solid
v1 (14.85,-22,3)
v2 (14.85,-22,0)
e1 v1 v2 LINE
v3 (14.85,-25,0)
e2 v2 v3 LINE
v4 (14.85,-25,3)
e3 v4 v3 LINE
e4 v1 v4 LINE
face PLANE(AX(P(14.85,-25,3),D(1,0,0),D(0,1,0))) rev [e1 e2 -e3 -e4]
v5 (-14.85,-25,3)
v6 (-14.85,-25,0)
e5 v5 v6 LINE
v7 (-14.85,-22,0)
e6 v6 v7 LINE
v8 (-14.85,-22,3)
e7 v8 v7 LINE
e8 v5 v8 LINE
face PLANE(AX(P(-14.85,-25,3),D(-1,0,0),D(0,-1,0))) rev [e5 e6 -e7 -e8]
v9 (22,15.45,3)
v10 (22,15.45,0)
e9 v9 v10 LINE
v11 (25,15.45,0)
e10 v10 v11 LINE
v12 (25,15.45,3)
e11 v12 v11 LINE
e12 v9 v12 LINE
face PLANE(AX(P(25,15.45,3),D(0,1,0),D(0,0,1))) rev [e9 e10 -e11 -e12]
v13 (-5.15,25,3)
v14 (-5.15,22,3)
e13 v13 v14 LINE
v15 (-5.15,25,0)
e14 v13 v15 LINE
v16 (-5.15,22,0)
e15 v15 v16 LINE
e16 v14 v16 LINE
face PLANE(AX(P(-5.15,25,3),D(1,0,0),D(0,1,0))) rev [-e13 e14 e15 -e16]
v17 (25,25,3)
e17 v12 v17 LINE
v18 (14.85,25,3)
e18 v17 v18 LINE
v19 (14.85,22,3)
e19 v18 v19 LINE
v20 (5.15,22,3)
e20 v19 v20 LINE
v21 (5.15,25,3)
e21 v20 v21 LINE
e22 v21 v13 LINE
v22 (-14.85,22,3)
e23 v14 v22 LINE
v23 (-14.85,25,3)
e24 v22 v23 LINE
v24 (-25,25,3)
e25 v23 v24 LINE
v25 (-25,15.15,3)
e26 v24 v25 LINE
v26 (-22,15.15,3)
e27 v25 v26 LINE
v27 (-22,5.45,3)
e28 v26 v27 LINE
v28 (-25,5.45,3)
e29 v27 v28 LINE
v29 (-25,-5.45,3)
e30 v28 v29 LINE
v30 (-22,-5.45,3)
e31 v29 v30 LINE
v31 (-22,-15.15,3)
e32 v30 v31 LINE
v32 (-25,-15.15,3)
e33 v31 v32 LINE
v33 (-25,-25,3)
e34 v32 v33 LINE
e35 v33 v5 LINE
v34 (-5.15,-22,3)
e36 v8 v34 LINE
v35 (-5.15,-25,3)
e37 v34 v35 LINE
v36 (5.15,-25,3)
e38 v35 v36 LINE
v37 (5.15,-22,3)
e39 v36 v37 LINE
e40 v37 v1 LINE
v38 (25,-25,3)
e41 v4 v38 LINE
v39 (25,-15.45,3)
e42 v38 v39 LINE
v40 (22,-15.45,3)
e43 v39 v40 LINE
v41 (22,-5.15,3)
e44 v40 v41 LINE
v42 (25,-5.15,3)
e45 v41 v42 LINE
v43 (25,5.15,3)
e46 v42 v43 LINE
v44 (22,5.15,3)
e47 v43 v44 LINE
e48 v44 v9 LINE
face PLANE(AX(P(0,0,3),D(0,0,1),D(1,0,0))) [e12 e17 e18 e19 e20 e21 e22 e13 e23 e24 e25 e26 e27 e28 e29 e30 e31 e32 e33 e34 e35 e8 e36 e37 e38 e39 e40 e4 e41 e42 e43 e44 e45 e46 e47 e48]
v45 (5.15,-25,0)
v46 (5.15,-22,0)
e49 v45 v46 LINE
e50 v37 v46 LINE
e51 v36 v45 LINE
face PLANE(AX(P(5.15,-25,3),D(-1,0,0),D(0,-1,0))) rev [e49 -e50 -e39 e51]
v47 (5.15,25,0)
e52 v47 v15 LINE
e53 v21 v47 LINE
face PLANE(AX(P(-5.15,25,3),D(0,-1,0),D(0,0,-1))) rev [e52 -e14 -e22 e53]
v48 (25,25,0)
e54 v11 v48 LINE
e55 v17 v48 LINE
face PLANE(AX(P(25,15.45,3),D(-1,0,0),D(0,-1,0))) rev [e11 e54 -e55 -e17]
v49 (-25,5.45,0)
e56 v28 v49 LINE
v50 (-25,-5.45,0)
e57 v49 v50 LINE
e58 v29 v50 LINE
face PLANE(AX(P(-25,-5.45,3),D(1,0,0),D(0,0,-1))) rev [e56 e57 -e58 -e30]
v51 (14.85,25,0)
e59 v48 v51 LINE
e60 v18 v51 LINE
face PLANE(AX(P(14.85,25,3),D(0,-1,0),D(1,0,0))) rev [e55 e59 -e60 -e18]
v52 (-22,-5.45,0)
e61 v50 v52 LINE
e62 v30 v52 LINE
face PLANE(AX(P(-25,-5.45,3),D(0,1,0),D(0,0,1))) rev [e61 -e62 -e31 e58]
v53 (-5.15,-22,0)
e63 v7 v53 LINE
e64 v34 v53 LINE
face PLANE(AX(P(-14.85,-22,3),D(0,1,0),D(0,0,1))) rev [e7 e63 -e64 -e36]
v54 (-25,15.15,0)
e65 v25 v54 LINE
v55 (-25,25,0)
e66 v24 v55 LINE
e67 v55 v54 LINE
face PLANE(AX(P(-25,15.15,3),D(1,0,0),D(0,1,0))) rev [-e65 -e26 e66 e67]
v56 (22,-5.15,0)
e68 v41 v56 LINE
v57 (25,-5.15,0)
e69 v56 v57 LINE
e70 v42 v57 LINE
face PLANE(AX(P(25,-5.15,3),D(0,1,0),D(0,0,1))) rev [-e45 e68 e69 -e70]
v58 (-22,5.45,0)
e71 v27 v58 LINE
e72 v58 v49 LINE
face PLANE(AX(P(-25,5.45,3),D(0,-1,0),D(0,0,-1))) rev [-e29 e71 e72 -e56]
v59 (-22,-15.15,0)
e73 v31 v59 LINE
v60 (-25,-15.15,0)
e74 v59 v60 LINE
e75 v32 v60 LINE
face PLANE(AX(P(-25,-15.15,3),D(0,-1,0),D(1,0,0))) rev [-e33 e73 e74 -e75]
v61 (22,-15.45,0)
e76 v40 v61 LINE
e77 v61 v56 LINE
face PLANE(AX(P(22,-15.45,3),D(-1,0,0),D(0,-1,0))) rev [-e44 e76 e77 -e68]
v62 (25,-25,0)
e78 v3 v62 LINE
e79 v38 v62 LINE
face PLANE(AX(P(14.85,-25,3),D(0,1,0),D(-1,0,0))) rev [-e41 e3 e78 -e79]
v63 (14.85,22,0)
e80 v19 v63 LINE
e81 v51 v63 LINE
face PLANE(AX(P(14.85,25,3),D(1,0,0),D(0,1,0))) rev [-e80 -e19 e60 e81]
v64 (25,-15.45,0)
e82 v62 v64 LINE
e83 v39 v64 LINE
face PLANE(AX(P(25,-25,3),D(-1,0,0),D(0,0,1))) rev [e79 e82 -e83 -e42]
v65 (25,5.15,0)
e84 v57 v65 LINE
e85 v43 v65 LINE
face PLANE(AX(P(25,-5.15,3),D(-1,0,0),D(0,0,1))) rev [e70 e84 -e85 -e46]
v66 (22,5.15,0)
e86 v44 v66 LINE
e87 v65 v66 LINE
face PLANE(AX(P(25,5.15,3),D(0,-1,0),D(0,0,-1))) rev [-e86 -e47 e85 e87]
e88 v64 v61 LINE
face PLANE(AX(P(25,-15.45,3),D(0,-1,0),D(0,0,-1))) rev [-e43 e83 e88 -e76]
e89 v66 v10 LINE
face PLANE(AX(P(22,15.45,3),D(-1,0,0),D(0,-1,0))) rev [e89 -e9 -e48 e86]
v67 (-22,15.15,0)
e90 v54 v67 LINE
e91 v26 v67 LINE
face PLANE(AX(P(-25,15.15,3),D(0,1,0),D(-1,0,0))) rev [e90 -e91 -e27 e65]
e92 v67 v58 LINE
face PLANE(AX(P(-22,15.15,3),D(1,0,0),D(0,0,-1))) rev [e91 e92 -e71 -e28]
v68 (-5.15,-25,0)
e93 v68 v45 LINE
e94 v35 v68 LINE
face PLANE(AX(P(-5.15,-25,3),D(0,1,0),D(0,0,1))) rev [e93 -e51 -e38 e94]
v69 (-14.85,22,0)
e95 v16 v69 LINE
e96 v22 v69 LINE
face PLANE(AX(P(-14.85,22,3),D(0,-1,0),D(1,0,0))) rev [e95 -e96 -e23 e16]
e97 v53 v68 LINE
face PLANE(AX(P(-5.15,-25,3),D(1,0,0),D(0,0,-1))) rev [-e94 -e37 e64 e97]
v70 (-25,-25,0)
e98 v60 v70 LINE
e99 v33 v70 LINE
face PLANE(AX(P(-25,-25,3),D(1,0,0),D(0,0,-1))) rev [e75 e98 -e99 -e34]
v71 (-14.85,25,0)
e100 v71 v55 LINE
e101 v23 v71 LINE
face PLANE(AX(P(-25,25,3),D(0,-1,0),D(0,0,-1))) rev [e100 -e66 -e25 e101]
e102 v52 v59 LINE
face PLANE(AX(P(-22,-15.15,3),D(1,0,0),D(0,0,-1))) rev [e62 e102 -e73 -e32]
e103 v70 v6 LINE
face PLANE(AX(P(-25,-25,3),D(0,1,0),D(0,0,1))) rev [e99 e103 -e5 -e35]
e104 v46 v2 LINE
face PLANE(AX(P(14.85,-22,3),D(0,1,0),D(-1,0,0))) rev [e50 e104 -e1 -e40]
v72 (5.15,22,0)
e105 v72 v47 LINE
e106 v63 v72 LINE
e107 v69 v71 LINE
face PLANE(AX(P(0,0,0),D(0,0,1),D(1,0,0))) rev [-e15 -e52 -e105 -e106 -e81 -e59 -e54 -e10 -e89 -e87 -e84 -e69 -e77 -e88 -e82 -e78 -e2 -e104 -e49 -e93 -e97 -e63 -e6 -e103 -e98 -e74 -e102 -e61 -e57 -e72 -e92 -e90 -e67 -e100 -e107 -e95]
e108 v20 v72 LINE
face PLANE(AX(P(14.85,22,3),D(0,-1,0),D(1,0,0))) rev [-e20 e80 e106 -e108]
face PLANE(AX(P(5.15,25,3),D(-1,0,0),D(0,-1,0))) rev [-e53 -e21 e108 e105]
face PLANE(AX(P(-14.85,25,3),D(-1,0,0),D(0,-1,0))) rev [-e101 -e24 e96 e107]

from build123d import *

# Parameters (mm, degrees)
SALIENTE_EXTRUIR1_DEPTH = 3


with BuildPart() as part:
    # Croquis1 → Saliente-Extruir1 (new body)
    with BuildSketch(Plane.XY):
        Polygon((-25, -25), (-14.85, -25), (-14.85, -22), (-5.15, -22), (-5.15, -25), (5.15, -25), (5.15, -22), (14.85, -22), (14.85, -25), (25, -25), (25, -15.45), (22, -15.45), (22, -5.15), (25, -5.15), (25, 5.15), (22, 5.15), (22, 15.45), (25, 15.45), (25, 25), (14.85, 25), (14.85, 22), (5.15, 22), (5.15, 25), (-5.15, 25), (-5.15, 22), (-14.85, 22), (-14.85, 25), (-25, 25), (-25, 15.15), (-22, 15.15), (-22, 5.45), (-25, 5.45), (-25, -5.45), (-22, -5.45), (-22, -15.15), (-25, -15.15), align=None)
    extrude(amount=SALIENTE_EXTRUIR1_DEPTH)


solid = part.part
